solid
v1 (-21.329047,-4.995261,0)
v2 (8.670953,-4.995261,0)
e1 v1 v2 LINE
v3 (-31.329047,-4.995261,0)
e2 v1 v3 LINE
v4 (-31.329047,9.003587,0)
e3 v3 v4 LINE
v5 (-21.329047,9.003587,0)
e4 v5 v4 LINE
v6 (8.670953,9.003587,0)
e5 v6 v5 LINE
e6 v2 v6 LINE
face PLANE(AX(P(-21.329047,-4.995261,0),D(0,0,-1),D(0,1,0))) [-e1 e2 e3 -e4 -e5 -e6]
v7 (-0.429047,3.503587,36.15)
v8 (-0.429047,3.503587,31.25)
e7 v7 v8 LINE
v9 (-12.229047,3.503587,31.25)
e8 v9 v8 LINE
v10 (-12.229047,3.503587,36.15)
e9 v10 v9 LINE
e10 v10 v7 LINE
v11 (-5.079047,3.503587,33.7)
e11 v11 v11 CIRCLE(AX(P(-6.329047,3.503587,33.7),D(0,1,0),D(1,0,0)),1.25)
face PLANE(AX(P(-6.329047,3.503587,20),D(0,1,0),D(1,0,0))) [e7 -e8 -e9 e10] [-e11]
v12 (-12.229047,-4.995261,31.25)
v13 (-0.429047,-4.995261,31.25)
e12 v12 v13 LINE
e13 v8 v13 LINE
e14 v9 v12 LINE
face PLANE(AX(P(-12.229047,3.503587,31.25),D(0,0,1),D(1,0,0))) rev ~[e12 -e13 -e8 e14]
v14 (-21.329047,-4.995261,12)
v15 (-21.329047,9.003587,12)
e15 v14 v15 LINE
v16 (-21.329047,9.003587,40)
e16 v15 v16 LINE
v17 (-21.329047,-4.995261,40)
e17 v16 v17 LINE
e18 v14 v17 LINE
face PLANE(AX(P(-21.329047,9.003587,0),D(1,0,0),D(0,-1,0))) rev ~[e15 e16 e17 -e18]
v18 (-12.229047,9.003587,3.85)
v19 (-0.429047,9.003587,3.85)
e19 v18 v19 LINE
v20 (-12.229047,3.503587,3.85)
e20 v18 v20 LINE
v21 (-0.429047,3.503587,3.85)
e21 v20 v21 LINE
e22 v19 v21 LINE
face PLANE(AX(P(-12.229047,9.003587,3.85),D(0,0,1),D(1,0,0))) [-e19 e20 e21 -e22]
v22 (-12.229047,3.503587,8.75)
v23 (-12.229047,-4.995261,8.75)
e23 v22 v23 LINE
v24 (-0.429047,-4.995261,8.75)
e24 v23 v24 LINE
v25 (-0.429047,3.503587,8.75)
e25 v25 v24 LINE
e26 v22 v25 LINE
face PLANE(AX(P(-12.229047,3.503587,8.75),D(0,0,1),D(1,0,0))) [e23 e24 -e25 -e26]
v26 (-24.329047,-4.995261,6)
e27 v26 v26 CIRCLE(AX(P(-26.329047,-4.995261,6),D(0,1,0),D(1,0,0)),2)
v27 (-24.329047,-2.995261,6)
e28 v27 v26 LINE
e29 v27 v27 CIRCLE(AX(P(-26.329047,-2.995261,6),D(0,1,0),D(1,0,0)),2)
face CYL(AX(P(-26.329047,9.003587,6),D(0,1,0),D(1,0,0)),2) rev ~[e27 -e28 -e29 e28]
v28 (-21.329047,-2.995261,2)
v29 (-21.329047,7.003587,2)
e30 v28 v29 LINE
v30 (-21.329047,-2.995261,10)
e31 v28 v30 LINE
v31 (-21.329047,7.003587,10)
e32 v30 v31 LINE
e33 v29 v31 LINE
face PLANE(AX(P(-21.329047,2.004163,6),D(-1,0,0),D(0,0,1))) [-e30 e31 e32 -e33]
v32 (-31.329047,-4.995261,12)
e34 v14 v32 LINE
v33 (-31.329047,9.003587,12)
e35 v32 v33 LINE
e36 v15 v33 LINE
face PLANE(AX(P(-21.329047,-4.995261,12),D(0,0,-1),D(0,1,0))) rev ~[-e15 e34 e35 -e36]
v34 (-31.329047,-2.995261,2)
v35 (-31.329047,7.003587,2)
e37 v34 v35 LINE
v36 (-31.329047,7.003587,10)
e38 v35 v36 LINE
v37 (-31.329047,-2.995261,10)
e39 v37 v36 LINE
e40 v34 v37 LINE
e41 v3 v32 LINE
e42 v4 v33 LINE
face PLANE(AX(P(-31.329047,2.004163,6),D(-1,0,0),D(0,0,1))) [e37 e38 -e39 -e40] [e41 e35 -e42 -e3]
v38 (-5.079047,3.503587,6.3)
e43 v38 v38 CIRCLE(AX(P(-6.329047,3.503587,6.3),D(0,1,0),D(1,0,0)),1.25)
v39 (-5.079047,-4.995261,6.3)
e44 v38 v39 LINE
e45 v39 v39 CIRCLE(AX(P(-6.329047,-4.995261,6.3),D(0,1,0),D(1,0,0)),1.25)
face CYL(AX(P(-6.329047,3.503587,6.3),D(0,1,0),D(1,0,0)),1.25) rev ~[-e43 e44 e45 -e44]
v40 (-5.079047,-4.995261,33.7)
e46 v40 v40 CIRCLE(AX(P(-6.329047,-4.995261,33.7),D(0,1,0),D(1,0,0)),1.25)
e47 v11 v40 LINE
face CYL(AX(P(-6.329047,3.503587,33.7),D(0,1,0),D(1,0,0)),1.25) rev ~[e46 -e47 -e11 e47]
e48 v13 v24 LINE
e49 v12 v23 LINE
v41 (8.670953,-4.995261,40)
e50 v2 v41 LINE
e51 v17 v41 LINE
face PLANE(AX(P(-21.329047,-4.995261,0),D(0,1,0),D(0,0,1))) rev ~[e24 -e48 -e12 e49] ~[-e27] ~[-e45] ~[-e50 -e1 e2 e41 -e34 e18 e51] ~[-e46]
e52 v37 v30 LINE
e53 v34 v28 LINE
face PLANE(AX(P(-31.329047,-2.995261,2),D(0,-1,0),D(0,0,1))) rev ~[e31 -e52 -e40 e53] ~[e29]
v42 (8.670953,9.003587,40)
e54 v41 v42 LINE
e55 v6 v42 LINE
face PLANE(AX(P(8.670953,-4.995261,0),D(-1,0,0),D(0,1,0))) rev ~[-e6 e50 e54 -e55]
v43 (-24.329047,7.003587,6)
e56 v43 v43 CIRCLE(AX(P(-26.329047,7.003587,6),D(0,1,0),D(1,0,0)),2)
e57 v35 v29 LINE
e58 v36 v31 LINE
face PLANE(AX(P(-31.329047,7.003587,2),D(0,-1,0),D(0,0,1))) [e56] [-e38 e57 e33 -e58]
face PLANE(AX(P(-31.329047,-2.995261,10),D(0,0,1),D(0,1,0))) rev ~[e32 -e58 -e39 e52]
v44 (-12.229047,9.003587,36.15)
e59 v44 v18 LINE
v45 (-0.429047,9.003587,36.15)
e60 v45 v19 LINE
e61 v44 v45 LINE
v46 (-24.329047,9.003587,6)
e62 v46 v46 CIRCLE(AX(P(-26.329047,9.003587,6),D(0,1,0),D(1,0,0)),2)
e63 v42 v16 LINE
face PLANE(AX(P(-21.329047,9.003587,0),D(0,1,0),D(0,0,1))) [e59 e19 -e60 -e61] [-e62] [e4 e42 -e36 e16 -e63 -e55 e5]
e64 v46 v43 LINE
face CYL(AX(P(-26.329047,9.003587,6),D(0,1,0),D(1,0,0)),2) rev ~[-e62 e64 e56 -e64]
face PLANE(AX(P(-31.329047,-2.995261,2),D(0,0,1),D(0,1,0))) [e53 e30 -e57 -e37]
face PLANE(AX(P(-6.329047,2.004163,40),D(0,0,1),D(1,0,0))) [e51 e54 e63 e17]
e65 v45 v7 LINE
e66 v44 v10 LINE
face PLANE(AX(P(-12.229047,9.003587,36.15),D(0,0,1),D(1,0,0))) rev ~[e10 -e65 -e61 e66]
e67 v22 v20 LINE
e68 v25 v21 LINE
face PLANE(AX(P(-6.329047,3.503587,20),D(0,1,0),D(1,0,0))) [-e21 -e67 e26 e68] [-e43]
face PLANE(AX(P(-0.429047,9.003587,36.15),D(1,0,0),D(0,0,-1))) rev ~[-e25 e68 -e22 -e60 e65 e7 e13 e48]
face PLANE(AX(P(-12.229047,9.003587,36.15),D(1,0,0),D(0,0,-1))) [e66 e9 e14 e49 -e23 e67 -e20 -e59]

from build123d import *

# Parameters (mm, degrees)
BOSS_EXTRUDE1_DEPTH = 40
SKETCH4_W           = 11.8
SKETCH4_H           = 32.3
CUT_EXTRUDE1_DEPTH  = 5.5
SKETCH5_W           = 11.8
SKETCH5_H           = 22.5
CUT_EXTRUDE2_DEPTH  = 9.498848241
SKETCH6_R           = 1.25
CUT_EXTRUDE3_DEPTH  = 9.498848241
SKETCH7_W           = 12
SKETCH7_H           = 13.998848241
BOSS_EXTRUDE2_DEPTH = 10
SKETCH8_W           = 8
SKETCH8_H           = 9.998848241
CUT_EXTRUDE6_DEPTH  = 10
SKETCH9_R           = 2
CUT_EXTRUDE7_DEPTH  = 14.998848241


with BuildPart() as part:
    # Sketch1 → Boss-Extrude1 (new body)
    with BuildSketch(Plane.XY):
        Polygon((8.670952565, 9.003587153), (-11.329047435, 9.003587153), (-21.329047435, 9.003587153), (-21.329047435, -4.995261088), (-11.329047435, -4.995261088), (8.670952565, -4.995261088), align=None)
    extrude(amount=BOSS_EXTRUDE1_DEPTH)

    # Sketch4 → Cut-Extrude1 (cut)
    with BuildSketch(Plane(origin=(0, 9.003587153, 0), x_dir=(1, 0, 0), z_dir=(0, 1, 0))):
        with Locations((-6.329047435, -20)):
            Rectangle(SKETCH4_W, SKETCH4_H)
    extrude(amount=-CUT_EXTRUDE1_DEPTH, mode=Mode.SUBTRACT)

    # Sketch5 → Cut-Extrude2 (cut, through all)
    with BuildSketch(Plane(origin=(0, 3.503587153, 0), x_dir=(1, 0, 0), z_dir=(0, 1, 0))):
        with Locations((-6.329047435, -20)):
            Rectangle(SKETCH5_W, SKETCH5_H)
    extrude(amount=-CUT_EXTRUDE2_DEPTH, mode=Mode.SUBTRACT)

    # Sketch6 → Cut-Extrude3 (cut, through all)
    with BuildSketch(Plane(origin=(0, 3.503587153, 0), x_dir=(1, 0, 0), z_dir=(0, 1, 0))):
        with Locations((-6.329047435, -6.3)):
            Circle(SKETCH6_R)
        with Locations((-6.329047435, -33.7)):
            Circle(SKETCH6_R)
    extrude(amount=-CUT_EXTRUDE3_DEPTH, mode=Mode.SUBTRACT)

    # Sketch7 → Boss-Extrude2 (add)
    with BuildSketch(Plane.ZY.offset(21.329047435)):
        with Locations((6, 2.004163032)):
            Rectangle(SKETCH7_W, SKETCH7_H)
    extrude(amount=BOSS_EXTRUDE2_DEPTH)

    # Sketch8 → Cut-Extrude6 (cut)
    with BuildSketch(Plane.ZY.offset(31.329047435)):
        with Locations((6, 2.004163033)):
            Rectangle(SKETCH8_W, SKETCH8_H)
    extrude(amount=-CUT_EXTRUDE6_DEPTH, mode=Mode.SUBTRACT)

    # Sketch9 → Cut-Extrude7 (cut, through all)
    with BuildSketch(Plane(origin=(0, 9.003587153, 0), x_dir=(1, 0, 0), z_dir=(0, 1, 0))):
        with Locations((-26.329047435, -6)):
            Circle(SKETCH9_R)
    extrude(amount=-CUT_EXTRUDE7_DEPTH, mode=Mode.SUBTRACT)


solid = part.part
